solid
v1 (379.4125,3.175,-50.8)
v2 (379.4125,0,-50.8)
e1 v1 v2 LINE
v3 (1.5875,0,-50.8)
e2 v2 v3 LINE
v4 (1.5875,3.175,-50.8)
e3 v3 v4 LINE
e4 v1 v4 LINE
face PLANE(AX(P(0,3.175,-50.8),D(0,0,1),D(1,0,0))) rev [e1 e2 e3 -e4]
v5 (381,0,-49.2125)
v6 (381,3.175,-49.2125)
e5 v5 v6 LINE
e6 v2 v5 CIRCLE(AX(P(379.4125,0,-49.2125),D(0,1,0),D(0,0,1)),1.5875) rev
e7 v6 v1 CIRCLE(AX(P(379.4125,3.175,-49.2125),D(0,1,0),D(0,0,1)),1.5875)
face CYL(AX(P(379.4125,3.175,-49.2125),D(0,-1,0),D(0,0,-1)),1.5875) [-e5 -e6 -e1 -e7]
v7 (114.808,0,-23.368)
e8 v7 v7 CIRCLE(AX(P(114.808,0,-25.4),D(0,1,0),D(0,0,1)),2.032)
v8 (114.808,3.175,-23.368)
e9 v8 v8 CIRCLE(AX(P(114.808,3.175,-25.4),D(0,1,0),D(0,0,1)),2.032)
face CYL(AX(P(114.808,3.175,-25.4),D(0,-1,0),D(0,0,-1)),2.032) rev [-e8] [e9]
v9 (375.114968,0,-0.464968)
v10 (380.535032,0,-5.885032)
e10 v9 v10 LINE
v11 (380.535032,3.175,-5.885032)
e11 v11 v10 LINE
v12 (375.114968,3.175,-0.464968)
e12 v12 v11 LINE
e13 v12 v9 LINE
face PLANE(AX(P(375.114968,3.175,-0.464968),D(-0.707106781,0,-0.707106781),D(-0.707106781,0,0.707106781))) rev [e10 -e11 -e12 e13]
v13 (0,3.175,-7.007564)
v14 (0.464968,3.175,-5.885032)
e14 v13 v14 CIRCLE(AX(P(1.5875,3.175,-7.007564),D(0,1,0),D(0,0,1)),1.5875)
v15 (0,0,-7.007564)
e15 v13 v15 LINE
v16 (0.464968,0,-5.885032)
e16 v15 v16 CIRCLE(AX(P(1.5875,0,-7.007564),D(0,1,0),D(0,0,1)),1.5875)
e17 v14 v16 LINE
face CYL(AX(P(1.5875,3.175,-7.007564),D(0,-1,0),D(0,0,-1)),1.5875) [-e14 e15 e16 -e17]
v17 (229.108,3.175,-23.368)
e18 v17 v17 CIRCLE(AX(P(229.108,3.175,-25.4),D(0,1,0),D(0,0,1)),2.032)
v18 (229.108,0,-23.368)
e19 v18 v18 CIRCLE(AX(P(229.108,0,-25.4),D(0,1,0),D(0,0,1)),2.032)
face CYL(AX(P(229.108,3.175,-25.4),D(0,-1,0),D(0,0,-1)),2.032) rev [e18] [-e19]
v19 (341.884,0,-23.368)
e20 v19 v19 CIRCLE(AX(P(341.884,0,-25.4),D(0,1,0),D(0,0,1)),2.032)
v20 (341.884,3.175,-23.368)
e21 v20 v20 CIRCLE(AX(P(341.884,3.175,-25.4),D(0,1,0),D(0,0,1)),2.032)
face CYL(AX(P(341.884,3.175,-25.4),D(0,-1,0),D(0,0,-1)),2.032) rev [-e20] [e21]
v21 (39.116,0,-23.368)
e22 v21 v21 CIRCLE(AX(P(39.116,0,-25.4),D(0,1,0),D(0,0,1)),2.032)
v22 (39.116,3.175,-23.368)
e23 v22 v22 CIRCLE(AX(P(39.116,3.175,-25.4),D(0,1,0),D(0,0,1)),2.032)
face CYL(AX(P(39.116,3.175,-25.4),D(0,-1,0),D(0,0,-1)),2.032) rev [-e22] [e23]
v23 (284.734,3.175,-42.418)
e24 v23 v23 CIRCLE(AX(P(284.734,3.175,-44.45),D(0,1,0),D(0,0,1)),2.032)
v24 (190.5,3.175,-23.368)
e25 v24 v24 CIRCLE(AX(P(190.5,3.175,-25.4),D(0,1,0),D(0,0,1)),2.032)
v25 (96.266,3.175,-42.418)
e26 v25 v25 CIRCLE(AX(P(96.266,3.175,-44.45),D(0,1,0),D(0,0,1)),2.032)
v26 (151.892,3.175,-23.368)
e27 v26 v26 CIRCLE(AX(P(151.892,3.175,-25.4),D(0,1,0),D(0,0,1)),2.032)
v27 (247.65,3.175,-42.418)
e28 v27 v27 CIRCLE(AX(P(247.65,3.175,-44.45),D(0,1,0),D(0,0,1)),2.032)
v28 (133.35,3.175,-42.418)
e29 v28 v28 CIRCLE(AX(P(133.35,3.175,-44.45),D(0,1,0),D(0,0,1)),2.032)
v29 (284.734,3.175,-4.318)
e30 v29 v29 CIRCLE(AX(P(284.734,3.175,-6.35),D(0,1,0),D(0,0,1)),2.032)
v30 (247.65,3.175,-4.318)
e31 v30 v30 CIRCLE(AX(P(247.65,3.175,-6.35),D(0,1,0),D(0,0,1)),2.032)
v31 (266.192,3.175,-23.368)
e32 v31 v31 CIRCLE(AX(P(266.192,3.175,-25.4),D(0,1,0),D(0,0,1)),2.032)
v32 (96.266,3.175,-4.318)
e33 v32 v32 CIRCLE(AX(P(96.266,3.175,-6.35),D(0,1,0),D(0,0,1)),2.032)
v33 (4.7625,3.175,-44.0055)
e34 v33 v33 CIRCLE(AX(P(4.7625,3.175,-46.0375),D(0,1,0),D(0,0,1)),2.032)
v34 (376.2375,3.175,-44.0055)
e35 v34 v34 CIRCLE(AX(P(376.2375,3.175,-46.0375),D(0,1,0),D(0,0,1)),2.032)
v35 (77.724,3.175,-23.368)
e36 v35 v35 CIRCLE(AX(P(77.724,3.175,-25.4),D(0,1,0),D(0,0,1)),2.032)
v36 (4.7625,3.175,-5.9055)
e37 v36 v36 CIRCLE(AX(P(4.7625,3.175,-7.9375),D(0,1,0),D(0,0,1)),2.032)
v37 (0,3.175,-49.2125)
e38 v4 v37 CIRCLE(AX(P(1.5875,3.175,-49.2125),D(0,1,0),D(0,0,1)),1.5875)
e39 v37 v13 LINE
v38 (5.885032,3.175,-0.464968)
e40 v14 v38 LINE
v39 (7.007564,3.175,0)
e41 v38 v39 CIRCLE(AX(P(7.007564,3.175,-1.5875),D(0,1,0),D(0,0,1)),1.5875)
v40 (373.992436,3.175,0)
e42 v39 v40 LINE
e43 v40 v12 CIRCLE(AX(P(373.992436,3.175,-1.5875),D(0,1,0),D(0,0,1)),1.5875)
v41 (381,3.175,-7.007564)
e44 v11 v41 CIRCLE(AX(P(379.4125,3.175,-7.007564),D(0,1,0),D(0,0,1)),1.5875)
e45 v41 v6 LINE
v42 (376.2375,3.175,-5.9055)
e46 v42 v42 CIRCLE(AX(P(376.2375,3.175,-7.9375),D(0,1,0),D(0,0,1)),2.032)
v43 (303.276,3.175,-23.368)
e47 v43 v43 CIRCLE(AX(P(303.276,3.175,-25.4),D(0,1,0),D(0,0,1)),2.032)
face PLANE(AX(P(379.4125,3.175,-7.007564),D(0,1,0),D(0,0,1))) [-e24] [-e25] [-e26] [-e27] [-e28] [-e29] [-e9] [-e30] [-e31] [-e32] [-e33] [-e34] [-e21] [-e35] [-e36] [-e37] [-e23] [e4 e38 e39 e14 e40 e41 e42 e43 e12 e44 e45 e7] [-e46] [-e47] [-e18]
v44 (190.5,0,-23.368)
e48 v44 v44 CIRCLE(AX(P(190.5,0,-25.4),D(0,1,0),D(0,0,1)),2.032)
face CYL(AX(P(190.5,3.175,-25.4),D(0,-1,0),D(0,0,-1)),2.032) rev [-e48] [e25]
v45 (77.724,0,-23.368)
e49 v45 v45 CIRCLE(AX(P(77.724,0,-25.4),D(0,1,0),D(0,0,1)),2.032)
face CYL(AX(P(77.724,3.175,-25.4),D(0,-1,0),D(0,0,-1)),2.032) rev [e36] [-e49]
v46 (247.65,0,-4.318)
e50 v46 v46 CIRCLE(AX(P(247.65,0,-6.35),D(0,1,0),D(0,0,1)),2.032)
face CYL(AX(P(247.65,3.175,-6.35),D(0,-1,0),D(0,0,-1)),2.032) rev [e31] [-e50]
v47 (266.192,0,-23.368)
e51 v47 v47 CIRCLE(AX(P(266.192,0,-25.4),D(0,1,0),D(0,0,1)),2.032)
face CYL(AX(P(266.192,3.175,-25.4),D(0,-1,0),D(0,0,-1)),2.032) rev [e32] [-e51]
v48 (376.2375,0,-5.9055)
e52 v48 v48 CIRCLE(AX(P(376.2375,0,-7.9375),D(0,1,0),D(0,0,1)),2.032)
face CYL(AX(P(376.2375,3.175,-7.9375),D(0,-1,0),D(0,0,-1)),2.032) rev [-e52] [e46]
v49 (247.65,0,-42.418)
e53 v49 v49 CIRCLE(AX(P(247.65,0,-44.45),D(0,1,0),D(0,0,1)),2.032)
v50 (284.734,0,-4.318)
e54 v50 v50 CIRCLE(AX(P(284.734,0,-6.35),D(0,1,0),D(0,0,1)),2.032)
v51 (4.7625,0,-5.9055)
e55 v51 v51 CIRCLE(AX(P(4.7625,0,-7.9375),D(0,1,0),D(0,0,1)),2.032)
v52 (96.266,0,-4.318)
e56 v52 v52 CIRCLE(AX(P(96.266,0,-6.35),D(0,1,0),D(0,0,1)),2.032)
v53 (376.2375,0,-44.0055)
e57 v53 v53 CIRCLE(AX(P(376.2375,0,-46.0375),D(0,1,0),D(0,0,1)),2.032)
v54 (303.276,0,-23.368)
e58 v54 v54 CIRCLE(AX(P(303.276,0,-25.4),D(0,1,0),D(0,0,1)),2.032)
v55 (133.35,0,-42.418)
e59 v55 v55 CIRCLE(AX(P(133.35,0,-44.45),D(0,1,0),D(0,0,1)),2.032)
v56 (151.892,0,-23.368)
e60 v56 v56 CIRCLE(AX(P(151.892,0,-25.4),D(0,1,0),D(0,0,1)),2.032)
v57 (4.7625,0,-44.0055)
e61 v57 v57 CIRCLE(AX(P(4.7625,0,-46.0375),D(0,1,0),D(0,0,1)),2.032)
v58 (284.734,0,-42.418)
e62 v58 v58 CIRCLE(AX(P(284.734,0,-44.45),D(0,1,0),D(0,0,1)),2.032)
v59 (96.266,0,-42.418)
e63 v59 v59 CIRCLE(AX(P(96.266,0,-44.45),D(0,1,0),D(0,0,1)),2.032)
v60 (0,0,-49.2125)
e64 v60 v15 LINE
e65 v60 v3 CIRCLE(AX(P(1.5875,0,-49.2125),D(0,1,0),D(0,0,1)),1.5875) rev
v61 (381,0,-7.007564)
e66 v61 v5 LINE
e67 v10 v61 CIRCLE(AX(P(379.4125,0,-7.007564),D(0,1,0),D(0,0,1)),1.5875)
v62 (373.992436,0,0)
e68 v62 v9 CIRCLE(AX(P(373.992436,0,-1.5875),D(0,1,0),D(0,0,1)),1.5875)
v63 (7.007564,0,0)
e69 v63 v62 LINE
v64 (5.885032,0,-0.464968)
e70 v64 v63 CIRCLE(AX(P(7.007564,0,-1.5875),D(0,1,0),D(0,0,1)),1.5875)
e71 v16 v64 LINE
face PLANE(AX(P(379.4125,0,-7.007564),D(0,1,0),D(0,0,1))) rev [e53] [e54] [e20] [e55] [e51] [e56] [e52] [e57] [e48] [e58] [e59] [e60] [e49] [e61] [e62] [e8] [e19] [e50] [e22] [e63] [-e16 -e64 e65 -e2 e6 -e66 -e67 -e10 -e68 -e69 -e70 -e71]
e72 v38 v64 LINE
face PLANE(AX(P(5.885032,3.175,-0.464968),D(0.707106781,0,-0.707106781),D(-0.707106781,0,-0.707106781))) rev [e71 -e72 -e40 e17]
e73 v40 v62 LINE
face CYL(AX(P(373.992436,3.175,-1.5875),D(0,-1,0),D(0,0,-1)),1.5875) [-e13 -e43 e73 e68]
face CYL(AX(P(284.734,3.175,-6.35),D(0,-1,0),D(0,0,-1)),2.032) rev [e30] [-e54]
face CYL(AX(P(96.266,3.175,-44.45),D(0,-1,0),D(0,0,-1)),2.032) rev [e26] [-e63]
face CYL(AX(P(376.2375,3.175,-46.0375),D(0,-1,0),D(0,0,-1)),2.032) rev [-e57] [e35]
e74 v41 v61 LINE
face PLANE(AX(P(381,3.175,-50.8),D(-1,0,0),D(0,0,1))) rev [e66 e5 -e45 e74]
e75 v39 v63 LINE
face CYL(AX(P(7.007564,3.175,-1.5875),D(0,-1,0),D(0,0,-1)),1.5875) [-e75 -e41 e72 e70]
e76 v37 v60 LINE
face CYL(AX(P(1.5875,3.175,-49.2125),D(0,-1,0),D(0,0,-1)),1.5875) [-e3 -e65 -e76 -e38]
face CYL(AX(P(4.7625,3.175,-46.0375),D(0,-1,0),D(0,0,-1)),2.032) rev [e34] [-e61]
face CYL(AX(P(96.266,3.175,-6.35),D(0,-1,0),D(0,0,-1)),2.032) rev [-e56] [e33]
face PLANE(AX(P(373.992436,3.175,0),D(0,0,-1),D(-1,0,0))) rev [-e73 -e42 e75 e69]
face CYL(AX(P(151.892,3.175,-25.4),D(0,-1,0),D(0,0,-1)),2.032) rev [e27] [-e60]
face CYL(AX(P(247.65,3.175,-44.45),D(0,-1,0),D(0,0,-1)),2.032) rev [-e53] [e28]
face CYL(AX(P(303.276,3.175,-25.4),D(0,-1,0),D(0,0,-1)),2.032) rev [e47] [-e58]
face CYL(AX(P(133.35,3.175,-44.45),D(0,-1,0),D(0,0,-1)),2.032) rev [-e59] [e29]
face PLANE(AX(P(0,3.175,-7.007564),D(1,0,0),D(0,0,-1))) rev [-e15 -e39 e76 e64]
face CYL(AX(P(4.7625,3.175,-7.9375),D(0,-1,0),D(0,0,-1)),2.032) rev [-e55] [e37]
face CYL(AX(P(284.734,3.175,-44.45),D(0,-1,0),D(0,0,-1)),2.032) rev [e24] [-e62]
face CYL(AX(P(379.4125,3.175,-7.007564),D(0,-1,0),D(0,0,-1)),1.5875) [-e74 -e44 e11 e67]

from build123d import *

# Parameters (mm, degrees)
BOSS_EXTRUDE1_DEPTH = 3.175
SKETCH3_R           = 2.032
CUT_EXTRUDE1_DEPTH  = 385.384860036
FILLET1_R           = 1.5875


with BuildPart() as part:
    # Sketch2 → Boss-Extrude1 (new body)
    with BuildSketch(Plane(origin=(0, 0, 0), x_dir=(1, 0, 0), z_dir=(0, 1, 0))):
        with BuildLine():
            Line((0, 7.00756403), (0, 50.8))
            Line((0, 50.8), (381, 50.8))
            Line((381, 50.8), (381, 7.00756403))
            ThreePointArc((381, 7.00756403), (380.879158758, 6.400054081), (380.535032015, 5.885032015))
            Line((380.535032015, 5.885032015), (375.114967985, 0.464967985))
            ThreePointArc((375.114967985, 0.464967985), (374.599945919, 0.120841242), (373.99243597, 0))
            Line((373.99243597, 0), (7.00756403, 0))
            ThreePointArc((7.00756403, 0), (6.400054081, 0.120841242), (5.885032015, 0.464967985))
            Line((5.885032015, 0.464967985), (0.464967985, 5.885032015))
            ThreePointArc((0.464967985, 5.885032015), (0.120841242, 6.400054081), (0, 7.00756403))
        make_face()
    extrude(amount=BOSS_EXTRUDE1_DEPTH)

    # Sketch3 → Cut-Extrude1 (cut, through all)
    with BuildSketch(Plane(origin=(0, 0, 0), x_dir=(1, 0, 0), z_dir=(0, 1, 0))):
        with Locations(Location((4.7625, 7.9375, 0), (0, 0, 270))):
            Circle(SKETCH3_R)
        with Locations(Location((4.7625, 46.0375, 0), (0, 0, 270))):
            Circle(SKETCH3_R)
        with Locations(Location((376.2375, 7.9375, 0), (0, 0, 270))):
            Circle(SKETCH3_R)
        with Locations(Location((376.2375, 46.0375, 0), (0, 0, 270))):
            Circle(SKETCH3_R)
        with Locations(Location((341.884, 25.4, 0), (0, 0, 270))):
            Circle(SKETCH3_R)
        with Locations(Location((247.65, 44.45, 0), (0, 0, 270))):
            Circle(SKETCH3_R)
        with Locations(Location((284.734, 44.45, 0), (0, 0, 270))):
            Circle(SKETCH3_R)
        with Locations(Location((247.65, 6.35, 0), (0, 0, 270))):
            Circle(SKETCH3_R)
        with Locations(Location((284.734, 6.35, 0), (0, 0, 270))):
            Circle(SKETCH3_R)
        with Locations(Location((190.5, 25.4, 0), (0, 0, 270))):
            Circle(SKETCH3_R)
        with Locations(Location((133.35, 44.45, 0), (0, 0, 270))):
            Circle(SKETCH3_R)
        with Locations(Location((96.266, 44.45, 0), (0, 0, 270))):
            Circle(SKETCH3_R)
        with Locations(Location((96.266, 6.35, 0), (0, 0, 270))):
            Circle(SKETCH3_R)
        with Locations(Location((77.724, 25.4, 0), (0, 0, 270))):
            Circle(SKETCH3_R)
        with Locations(Location((39.116, 25.4, 0), (0, 0, 270))):
            Circle(SKETCH3_R)
        with Locations(Location((151.892, 25.4, 0), (0, 0, 270))):
            Circle(SKETCH3_R)
        with Locations(Location((229.108, 25.4, 0), (0, 0, 270))):
            Circle(SKETCH3_R)
        with Locations(Location((266.192, 25.4, 0), (0, 0, 270))):
            Circle(SKETCH3_R)
        with Locations(Location((303.276, 25.4, 0), (0, 0, 270))):
            Circle(SKETCH3_R)
        with Locations(Location((114.808, 25.4, 0), (0, 0, 270))):
            Circle(SKETCH3_R)
    extrude(amount=CUT_EXTRUDE1_DEPTH, mode=Mode.SUBTRACT)

    # Fillet1
    fillet1_edges = [part.edges().sort_by_distance(p)[0] for p in [
        (381, 1.5875, -50.8),
        (0, 1.5875, -50.8),
    ]]
    fillet(fillet1_edges, radius=FILLET1_R)


solid = part.part
